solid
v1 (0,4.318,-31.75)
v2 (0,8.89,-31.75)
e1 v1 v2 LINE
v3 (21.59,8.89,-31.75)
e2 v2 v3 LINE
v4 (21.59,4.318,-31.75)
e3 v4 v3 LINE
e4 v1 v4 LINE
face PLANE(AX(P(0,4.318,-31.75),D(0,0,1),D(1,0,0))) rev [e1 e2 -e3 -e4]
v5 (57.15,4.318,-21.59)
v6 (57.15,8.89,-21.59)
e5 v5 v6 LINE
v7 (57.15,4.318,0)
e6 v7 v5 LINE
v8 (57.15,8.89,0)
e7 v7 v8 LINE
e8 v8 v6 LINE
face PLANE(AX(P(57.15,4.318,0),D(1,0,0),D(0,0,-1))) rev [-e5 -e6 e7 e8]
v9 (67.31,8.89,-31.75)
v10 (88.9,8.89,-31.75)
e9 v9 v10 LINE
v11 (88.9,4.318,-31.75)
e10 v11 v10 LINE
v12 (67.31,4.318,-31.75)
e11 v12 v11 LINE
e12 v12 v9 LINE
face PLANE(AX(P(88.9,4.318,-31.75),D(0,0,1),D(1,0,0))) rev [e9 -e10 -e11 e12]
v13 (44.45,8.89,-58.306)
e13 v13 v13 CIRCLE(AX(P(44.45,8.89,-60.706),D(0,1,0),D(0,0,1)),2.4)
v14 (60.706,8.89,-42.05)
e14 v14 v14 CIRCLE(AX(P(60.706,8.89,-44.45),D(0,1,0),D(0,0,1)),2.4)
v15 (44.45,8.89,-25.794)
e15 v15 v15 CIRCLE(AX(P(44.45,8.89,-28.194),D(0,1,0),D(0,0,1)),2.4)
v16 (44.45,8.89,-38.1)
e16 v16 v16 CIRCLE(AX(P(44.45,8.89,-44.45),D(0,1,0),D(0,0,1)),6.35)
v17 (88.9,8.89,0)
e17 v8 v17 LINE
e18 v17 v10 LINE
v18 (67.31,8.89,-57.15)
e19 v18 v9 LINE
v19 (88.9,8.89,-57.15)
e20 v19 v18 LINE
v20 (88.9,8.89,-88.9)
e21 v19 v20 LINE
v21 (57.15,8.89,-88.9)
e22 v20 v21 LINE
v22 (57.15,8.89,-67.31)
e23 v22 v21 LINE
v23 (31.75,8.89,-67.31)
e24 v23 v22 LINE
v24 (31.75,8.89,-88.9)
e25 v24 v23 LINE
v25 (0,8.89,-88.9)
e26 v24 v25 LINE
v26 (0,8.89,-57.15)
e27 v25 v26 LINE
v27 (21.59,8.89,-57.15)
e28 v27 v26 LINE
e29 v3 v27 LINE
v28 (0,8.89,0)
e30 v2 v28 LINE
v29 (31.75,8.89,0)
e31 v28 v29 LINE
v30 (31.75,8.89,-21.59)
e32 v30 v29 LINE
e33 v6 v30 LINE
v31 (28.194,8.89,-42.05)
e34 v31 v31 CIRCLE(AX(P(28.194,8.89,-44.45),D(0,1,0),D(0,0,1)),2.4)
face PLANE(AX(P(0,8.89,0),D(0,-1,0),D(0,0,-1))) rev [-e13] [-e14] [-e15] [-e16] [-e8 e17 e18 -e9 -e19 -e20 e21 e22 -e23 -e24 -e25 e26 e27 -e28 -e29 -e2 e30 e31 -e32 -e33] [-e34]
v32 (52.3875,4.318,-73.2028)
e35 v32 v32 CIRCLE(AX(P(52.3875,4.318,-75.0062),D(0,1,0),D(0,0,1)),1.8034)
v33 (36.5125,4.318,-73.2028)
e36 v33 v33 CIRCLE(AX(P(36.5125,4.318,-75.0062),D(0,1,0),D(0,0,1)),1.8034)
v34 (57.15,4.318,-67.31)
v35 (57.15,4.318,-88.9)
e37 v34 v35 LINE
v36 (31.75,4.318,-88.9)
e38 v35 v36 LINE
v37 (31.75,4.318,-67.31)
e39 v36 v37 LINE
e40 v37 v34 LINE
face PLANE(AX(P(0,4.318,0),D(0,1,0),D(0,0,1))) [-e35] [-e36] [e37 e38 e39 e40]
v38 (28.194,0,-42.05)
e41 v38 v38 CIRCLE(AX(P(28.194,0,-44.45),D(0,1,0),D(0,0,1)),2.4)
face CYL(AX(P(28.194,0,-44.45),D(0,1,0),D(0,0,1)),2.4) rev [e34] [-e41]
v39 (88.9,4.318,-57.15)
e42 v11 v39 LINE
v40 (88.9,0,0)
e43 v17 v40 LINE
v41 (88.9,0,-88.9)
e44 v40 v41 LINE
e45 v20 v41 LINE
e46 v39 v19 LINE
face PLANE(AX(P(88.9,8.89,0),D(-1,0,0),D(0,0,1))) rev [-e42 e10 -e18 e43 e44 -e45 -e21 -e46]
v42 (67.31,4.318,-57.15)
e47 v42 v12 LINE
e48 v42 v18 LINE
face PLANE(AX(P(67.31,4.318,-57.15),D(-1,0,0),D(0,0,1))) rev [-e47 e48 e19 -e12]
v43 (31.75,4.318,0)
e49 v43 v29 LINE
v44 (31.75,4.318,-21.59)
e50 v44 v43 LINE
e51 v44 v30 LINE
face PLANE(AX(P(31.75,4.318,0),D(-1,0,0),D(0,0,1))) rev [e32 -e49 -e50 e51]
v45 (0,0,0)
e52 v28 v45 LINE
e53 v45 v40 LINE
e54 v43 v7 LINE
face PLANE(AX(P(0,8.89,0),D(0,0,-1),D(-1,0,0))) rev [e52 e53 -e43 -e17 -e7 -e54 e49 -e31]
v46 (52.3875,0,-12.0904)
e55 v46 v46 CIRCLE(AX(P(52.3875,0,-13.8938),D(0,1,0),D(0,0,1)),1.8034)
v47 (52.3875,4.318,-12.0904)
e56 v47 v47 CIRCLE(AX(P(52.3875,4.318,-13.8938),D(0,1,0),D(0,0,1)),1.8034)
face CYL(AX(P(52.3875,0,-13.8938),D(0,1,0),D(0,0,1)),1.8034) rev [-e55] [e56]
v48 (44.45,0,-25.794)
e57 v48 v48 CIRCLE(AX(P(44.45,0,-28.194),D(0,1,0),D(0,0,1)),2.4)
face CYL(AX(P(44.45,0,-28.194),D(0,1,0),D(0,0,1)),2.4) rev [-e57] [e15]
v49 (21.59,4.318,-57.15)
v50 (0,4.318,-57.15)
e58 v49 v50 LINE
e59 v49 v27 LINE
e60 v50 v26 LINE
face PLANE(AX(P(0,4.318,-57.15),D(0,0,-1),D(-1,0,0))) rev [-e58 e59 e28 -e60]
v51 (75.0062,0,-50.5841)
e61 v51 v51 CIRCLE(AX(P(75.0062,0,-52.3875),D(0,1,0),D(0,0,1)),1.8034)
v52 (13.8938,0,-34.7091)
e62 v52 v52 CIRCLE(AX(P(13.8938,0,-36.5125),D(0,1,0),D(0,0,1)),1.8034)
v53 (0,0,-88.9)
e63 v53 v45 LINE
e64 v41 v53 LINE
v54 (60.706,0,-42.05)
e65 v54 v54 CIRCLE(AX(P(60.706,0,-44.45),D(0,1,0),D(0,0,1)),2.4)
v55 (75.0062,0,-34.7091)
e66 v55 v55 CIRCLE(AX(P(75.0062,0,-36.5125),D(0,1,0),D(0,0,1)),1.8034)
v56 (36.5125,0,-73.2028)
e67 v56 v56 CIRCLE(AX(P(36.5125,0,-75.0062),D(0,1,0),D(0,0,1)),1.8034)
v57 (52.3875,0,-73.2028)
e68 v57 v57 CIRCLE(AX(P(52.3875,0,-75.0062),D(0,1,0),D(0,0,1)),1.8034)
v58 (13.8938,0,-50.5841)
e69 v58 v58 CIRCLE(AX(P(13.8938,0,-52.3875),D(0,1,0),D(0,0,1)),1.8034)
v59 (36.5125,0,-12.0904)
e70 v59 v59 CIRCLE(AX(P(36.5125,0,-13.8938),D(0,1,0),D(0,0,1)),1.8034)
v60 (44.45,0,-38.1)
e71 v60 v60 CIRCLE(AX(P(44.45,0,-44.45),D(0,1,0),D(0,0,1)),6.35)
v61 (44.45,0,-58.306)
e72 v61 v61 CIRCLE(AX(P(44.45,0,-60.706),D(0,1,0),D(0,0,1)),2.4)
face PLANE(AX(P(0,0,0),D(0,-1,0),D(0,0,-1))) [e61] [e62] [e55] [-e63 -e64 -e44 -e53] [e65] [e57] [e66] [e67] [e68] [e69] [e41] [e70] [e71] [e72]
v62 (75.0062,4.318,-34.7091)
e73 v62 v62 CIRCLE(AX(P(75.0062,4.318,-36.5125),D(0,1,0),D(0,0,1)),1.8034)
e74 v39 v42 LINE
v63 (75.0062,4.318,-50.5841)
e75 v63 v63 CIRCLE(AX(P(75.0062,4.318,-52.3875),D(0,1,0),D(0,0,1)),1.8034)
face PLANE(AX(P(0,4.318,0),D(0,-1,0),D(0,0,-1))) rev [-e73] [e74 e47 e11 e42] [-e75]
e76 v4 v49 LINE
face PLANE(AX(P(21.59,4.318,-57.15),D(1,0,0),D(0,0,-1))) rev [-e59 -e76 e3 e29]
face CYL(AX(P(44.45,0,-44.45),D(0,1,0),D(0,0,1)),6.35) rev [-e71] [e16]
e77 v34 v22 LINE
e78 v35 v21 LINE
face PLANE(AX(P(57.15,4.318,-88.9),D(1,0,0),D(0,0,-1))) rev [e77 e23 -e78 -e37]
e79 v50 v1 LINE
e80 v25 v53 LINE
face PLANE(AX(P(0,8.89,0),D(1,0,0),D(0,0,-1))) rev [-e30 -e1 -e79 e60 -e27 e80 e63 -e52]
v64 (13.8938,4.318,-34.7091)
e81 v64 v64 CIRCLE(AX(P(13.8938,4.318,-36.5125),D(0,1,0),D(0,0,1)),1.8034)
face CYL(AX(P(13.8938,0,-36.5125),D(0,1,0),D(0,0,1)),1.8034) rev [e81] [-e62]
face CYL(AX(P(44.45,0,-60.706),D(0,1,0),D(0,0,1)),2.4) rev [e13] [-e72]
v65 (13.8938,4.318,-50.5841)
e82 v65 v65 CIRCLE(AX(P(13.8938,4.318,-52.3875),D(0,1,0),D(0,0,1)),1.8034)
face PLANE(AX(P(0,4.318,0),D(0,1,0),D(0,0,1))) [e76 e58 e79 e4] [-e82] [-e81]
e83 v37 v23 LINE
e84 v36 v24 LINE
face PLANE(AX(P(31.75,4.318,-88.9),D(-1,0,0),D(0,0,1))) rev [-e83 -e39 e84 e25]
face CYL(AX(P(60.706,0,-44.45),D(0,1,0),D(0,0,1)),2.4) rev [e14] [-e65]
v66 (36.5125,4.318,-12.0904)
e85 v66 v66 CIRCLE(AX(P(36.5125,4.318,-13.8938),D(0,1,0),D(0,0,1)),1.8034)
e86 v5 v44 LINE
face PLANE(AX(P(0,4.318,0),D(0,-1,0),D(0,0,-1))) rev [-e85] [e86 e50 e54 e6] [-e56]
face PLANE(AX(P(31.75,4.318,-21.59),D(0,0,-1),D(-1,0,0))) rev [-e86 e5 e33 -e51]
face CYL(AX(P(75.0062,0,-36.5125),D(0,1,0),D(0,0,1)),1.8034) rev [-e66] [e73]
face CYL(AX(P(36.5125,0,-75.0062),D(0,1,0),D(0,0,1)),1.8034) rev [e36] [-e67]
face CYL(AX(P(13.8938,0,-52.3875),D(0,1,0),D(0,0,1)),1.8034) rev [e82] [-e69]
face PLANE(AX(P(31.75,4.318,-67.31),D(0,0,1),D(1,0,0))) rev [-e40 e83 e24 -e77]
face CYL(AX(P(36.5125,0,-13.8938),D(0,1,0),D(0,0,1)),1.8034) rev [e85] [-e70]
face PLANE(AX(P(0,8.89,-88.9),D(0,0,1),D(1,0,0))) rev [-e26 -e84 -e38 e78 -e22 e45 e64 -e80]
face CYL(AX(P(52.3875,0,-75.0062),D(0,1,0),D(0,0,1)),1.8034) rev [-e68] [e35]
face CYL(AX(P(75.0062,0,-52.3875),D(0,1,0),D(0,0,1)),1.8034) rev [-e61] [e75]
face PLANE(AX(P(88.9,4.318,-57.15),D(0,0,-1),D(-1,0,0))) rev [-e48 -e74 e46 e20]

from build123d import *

# Parameters (mm, degrees)
SKETCH1_W           = 88.9
SKETCH1_H           = 88.9
BOSS_EXTRUDE1_DEPTH = 8.89
SKETCH2_W           = 25.4
SKETCH2_H           = 21.59
SKETCH2_W_2         = 21.59
SKETCH2_H_2         = 25.4
CUT_EXTRUDE1_DEPTH  = 4.572
SKETCH3_R           = 2.400000026
CUT_EXTRUDE2_DEPTH  = 9.89
SKETCH4_R           = 1.8034
CUT_EXTRUDE3_DEPTH  = 5.318
SKETCH5_R           = 6.35
CUT_EXTRUDE4_DEPTH  = 9.89


with BuildPart() as part:
    # Sketch1 → Boss-Extrude1 (new body)
    with BuildSketch(Plane(origin=(0, 0, 0), x_dir=(1, 0, 0), z_dir=(0, 1, 0))):
        with Locations((44.45, 44.45)):
            Rectangle(SKETCH1_W, SKETCH1_H)
    extrude(amount=BOSS_EXTRUDE1_DEPTH)

    # Sketch2 → Cut-Extrude1 (cut)
    with BuildSketch(Plane(origin=(0, 8.89, 0), x_dir=(1, 0, 0), z_dir=(0, 1, 0))):
        with Locations((44.45, 78.105)):
            Rectangle(SKETCH2_W, SKETCH2_H)
        with Locations((10.795, 44.45)):
            Rectangle(SKETCH2_W_2, SKETCH2_H_2)
        with Locations((44.45, 10.795)):
            Rectangle(SKETCH2_W, SKETCH2_H)
        with Locations((78.105, 44.45)):
            Rectangle(SKETCH2_W_2, SKETCH2_H_2)
    extrude(amount=-CUT_EXTRUDE1_DEPTH, mode=Mode.SUBTRACT)

    # Sketch3 → Cut-Extrude2 (cut, through all)
    with BuildSketch(Plane(origin=(0, 8.89, 0), x_dir=(1, 0, 0), z_dir=(0, 1, 0))):
        with Locations((28.194, 44.45)):
            Circle(SKETCH3_R)
        with Locations((44.45, 60.706)):
            Circle(SKETCH3_R)
        with Locations((60.706, 44.45)):
            Circle(SKETCH3_R)
        with Locations((44.45, 28.194)):
            Circle(SKETCH3_R)
    extrude(amount=-CUT_EXTRUDE2_DEPTH, mode=Mode.SUBTRACT)

    # Sketch4 → Cut-Extrude3 (cut, through all)
    with BuildSketch(Plane(origin=(0, 4.318, 0), x_dir=(1, 0, 0), z_dir=(0, 1, 0))):
        with Locations((75.0062, 52.3875)):
            Circle(SKETCH4_R)
        with Locations((75.0062, 36.5125)):
            Circle(SKETCH4_R)
        with Locations((52.3875, 75.0062)):
            Circle(SKETCH4_R)
        with Locations((36.5125, 75.0062)):
            Circle(SKETCH4_R)
        with Locations((13.8938, 52.3875)):
            Circle(SKETCH4_R)
        with Locations((13.8938, 36.5125)):
            Circle(SKETCH4_R)
        with Locations((36.5125, 13.8938)):
            Circle(SKETCH4_R)
        with Locations((52.3875, 13.8938)):
            Circle(SKETCH4_R)
    extrude(amount=-CUT_EXTRUDE3_DEPTH, mode=Mode.SUBTRACT)

    # Sketch5 → Cut-Extrude4 (cut, through all)
    with BuildSketch(Plane(origin=(0, 8.89, 0), x_dir=(1, 0, 0), z_dir=(0, 1, 0))):
        with Locations((44.45, 44.45)):
            Circle(SKETCH5_R)
    extrude(amount=-CUT_EXTRUDE4_DEPTH, mode=Mode.SUBTRACT)


solid = part.part
